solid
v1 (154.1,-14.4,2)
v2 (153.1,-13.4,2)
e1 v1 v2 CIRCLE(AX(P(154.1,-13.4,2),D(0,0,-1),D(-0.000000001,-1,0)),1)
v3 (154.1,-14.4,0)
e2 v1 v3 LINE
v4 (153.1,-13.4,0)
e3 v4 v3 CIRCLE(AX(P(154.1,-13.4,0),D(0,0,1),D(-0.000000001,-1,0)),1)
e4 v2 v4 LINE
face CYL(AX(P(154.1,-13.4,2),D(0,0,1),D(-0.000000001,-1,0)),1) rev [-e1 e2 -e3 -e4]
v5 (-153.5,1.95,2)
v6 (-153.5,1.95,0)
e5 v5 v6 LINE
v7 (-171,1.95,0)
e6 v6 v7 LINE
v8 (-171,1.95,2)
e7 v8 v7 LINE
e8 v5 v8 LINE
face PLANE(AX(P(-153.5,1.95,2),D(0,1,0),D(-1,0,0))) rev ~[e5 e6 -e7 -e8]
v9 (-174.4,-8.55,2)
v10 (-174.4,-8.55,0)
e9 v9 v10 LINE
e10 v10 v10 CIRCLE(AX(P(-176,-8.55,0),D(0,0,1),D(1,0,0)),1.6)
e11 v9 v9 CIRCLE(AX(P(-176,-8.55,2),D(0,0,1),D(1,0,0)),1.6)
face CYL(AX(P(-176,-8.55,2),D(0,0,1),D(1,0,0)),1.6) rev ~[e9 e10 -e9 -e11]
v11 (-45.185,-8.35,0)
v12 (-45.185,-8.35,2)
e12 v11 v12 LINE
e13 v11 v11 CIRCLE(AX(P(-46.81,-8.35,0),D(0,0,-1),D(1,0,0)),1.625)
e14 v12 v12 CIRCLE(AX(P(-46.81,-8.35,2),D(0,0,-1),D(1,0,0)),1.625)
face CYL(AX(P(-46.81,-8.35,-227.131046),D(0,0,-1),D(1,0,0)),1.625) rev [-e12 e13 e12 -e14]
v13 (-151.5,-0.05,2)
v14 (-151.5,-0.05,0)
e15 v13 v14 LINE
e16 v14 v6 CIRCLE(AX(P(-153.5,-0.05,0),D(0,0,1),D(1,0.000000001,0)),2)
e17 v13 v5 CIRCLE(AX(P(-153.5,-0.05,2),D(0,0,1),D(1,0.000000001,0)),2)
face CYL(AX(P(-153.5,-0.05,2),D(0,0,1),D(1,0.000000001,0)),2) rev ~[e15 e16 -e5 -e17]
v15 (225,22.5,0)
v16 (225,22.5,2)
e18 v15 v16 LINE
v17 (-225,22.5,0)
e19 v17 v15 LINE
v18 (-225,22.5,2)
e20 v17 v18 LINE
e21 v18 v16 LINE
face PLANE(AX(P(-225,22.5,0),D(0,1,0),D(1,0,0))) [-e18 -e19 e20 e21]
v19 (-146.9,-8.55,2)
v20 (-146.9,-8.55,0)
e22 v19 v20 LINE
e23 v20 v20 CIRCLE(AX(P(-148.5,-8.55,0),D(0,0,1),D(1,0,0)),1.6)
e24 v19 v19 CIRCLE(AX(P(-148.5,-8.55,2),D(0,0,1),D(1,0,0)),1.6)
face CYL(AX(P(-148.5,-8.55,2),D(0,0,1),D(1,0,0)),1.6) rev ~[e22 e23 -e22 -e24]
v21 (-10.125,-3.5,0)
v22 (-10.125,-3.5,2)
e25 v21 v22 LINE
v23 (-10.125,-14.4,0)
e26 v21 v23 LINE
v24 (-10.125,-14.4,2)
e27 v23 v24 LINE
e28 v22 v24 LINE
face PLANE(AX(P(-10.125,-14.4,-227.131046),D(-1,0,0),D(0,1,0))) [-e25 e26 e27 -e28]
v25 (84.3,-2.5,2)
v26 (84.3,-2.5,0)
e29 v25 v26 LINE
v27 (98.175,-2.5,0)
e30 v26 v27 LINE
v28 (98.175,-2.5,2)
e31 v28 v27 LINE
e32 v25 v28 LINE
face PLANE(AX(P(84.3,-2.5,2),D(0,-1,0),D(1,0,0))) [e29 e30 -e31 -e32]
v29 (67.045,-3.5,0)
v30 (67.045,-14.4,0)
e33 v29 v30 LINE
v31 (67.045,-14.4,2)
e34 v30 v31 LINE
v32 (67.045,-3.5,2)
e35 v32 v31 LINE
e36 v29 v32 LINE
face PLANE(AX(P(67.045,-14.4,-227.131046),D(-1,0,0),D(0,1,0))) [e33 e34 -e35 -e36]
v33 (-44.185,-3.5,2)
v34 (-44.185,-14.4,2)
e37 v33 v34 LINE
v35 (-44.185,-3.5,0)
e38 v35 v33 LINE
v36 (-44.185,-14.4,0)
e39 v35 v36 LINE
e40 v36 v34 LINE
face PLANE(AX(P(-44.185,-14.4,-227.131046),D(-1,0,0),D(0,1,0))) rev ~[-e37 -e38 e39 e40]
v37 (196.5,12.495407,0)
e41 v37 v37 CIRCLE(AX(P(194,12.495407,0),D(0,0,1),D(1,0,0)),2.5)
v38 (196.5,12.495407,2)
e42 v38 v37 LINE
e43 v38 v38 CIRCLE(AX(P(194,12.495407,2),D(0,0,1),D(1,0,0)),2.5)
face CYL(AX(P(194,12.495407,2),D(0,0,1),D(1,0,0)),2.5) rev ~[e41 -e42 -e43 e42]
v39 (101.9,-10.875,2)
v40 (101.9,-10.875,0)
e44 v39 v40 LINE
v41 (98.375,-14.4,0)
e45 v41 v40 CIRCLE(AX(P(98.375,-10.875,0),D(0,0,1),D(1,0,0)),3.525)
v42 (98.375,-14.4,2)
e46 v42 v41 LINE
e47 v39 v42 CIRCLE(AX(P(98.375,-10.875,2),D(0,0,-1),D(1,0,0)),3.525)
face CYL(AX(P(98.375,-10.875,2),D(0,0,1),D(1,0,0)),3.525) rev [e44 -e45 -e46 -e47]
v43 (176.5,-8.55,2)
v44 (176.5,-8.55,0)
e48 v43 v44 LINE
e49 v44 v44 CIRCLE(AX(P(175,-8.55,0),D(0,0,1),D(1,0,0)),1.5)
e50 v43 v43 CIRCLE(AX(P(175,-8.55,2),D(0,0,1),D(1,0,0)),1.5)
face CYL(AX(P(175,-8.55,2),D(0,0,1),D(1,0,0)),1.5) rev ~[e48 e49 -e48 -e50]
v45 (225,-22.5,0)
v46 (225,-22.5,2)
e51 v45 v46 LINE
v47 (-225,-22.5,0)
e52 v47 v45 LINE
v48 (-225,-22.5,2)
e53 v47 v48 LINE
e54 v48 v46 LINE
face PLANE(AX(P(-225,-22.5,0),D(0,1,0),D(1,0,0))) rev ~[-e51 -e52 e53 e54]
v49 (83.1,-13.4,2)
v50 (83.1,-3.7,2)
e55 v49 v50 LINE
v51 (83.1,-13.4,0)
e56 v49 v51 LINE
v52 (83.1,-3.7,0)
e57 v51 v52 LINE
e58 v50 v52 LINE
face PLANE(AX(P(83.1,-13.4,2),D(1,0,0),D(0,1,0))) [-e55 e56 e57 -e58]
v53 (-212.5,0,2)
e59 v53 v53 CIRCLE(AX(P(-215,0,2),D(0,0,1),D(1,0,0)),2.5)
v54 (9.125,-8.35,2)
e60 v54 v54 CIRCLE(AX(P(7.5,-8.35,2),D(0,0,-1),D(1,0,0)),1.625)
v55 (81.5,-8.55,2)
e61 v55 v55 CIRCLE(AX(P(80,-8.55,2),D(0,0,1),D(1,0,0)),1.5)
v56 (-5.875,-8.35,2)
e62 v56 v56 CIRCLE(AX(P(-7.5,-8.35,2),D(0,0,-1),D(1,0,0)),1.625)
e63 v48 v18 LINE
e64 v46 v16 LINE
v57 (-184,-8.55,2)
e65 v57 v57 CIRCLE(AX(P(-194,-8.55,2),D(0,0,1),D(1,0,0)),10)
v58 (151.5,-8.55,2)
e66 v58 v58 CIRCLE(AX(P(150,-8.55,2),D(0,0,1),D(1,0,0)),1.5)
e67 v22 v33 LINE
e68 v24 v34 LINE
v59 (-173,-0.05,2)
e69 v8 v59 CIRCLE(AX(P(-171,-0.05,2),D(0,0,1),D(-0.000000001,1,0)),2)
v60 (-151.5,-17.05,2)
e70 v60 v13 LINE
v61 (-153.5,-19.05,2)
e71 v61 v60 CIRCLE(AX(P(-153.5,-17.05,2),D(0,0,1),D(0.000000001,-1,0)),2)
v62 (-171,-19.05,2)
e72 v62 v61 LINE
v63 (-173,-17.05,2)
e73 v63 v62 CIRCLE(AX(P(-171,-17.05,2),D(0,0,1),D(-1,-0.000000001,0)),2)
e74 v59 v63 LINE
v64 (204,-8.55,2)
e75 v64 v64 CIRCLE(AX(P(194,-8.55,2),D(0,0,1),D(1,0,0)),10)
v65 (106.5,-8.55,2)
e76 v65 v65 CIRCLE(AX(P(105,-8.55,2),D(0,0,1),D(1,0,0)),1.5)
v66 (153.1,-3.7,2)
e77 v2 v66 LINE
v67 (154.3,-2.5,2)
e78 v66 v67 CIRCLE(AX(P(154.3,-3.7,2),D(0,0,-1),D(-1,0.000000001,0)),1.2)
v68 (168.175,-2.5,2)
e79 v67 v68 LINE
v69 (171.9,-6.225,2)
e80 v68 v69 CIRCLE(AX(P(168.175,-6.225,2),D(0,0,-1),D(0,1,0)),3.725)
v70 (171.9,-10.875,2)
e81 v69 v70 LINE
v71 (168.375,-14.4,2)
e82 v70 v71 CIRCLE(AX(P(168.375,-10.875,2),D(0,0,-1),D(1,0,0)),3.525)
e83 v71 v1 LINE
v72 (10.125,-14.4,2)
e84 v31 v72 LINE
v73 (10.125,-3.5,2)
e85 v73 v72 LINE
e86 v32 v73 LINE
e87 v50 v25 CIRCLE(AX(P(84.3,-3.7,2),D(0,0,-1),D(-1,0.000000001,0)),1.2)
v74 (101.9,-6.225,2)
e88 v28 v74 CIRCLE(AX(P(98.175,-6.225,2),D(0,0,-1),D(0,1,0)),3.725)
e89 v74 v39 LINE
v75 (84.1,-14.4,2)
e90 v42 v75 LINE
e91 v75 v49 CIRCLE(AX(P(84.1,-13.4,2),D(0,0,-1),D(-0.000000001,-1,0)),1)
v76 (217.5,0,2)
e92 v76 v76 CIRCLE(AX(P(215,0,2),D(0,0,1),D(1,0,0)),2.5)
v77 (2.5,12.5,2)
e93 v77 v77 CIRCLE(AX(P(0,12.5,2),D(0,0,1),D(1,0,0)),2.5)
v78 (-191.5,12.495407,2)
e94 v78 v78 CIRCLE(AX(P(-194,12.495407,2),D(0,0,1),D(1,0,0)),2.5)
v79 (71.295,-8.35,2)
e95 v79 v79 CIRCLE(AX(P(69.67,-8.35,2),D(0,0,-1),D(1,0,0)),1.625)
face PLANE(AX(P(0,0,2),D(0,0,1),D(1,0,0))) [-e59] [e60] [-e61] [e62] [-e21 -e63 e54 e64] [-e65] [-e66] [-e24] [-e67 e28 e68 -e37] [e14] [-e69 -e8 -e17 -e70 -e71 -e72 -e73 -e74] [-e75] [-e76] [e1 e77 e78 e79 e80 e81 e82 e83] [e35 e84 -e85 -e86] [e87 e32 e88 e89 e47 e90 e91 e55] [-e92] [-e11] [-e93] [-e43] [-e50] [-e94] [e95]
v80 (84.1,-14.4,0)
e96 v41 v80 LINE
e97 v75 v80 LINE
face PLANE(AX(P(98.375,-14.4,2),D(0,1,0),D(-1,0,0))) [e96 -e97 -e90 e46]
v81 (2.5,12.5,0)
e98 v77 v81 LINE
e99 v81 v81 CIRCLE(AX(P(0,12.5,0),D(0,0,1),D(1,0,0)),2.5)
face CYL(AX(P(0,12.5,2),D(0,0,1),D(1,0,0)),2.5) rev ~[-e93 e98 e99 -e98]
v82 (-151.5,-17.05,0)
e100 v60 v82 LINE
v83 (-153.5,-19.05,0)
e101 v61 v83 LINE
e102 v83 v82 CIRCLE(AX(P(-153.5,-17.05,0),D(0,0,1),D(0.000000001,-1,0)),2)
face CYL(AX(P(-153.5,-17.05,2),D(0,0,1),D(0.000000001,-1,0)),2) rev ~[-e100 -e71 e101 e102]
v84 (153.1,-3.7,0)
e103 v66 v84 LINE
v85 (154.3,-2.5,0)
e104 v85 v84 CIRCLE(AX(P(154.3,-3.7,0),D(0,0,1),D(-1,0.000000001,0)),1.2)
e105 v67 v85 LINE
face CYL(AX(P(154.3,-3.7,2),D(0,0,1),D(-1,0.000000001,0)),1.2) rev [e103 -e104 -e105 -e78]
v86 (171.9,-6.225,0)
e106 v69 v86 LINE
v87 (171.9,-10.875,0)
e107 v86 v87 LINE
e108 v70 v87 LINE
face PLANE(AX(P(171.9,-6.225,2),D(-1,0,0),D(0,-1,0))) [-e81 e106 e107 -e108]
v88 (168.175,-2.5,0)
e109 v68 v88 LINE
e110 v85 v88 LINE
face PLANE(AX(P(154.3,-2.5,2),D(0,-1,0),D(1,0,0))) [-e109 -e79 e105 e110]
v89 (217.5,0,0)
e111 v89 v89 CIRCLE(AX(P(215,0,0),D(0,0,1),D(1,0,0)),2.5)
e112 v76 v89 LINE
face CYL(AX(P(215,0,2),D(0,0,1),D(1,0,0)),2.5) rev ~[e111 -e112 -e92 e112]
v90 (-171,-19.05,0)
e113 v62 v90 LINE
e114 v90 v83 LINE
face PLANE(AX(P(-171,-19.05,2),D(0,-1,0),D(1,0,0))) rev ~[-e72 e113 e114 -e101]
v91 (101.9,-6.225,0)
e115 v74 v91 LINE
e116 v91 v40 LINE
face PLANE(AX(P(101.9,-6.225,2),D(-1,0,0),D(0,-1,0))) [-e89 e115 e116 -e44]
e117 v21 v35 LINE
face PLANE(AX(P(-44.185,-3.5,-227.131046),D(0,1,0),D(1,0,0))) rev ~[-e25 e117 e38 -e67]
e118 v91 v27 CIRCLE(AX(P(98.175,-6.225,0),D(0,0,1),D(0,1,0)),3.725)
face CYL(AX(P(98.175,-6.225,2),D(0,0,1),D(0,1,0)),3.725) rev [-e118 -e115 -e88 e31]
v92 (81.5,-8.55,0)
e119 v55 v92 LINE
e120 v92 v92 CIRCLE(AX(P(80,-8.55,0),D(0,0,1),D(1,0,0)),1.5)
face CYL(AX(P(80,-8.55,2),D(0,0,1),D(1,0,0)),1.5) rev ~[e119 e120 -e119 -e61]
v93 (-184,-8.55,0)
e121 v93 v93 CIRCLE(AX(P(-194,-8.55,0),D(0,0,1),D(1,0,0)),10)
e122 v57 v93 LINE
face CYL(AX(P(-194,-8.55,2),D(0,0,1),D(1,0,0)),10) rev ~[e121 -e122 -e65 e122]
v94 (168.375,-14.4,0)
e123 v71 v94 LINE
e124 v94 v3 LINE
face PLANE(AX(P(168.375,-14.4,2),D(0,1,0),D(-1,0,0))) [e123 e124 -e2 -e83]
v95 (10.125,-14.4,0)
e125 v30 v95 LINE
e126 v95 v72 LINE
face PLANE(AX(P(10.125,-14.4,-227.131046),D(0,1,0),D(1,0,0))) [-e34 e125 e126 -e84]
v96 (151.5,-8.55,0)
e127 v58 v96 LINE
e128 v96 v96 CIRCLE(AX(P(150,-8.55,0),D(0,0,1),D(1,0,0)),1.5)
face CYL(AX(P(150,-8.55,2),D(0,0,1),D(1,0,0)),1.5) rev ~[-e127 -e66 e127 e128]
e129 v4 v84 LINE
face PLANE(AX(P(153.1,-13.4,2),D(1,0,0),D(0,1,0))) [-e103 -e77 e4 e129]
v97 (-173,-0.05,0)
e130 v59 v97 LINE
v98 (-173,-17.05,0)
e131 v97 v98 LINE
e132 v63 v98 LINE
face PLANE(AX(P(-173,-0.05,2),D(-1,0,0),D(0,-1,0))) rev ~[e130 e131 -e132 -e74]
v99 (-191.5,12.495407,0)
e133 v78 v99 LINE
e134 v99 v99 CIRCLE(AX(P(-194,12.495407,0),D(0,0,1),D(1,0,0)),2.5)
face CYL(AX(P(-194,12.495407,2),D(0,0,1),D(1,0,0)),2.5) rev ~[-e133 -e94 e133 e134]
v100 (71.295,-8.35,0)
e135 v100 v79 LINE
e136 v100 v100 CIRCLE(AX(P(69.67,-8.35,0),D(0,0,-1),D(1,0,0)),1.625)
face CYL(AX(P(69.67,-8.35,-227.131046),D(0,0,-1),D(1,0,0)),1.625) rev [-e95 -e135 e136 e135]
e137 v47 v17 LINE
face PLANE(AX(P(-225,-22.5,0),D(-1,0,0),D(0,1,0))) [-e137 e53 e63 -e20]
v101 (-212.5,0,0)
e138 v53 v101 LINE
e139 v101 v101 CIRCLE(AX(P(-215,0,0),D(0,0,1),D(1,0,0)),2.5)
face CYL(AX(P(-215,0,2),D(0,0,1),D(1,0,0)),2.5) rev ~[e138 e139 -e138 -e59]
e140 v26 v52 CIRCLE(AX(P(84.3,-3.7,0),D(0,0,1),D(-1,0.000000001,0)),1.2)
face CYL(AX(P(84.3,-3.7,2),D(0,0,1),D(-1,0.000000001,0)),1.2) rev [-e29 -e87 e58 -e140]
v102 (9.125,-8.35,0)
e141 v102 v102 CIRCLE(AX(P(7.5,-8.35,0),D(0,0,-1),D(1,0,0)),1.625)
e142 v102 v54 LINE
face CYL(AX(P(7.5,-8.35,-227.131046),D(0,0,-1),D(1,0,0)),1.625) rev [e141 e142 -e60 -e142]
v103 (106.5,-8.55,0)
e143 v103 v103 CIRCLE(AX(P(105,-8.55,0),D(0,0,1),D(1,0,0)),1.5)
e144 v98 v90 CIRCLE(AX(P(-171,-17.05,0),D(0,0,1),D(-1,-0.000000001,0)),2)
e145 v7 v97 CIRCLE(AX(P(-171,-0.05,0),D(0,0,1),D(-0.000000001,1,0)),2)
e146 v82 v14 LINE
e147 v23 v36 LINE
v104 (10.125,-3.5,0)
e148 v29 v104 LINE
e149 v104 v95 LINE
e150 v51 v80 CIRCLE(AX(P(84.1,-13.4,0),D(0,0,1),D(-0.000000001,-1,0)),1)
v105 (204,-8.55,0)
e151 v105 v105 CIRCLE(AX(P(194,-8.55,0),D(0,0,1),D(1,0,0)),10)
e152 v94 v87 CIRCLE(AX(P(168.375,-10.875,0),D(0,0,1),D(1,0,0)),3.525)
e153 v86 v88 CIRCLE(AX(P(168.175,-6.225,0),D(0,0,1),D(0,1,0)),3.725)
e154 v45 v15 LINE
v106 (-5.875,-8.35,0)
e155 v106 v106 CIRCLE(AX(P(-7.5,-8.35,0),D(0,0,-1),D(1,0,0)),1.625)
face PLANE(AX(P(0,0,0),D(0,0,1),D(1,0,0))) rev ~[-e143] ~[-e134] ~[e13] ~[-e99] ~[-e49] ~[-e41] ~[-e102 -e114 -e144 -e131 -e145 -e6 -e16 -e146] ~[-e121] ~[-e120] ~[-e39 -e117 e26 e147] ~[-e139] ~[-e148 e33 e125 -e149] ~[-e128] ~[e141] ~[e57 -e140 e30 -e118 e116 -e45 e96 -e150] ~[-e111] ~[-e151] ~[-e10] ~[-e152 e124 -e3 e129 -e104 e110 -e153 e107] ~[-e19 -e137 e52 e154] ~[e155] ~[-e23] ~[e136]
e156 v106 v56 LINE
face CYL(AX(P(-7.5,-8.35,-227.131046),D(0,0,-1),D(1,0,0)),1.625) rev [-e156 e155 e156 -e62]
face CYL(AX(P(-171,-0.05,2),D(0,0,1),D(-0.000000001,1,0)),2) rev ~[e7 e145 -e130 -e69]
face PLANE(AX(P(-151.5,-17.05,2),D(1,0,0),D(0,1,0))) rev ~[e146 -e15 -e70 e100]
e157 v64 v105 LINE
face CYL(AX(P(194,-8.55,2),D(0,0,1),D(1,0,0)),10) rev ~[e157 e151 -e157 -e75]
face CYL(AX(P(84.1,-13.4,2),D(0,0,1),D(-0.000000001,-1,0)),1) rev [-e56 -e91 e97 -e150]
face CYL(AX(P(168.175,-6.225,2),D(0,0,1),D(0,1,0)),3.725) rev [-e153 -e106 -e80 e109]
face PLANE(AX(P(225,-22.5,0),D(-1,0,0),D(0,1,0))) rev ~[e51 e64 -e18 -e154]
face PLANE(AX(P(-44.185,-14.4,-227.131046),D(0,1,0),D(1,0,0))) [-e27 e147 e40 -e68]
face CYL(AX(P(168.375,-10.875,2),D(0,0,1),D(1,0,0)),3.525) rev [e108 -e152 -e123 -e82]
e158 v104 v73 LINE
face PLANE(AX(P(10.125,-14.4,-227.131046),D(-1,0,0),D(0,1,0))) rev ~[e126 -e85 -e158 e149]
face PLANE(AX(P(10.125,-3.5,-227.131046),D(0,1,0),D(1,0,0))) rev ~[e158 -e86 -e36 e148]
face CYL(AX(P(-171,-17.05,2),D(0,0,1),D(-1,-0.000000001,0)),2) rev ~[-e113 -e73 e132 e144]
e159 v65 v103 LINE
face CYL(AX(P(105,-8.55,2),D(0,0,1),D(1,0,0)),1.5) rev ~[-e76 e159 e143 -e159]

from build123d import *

# Parameters (mm, degrees)
SKETCH1_W                      = 450
SKETCH1_H                      = 45
BOSS_EXTRUDE1_DEPTH            = 2
TERMINAL_12P_CUTOUT_DEPTH      = 227.131046077
TERMINAL_12P_CUTOUT_DEPTH_BACK = 227.131046077
SK_TERMINAL_12P_CUTOUT_R       = 1.625
SK_TERMINAL_12P_CUTOUT_W       = 56.92
SK_TERMINAL_12P_CUTOUT_H       = 10.9
SK_TERMINAL_12P_CUTOUT_W_2     = 34.06
SKETCH2_R                      = 2.5
CUT_EXTRUDE1_DEPTH             = 227.131046077
SKETCH3_R                      = 1.5
SKETCH3_R_2                    = 10
SKETCH3_R_3                    = 1.6
CUT_EXTRUDE2_DEPTH             = 10


with BuildPart() as part:
    # Sketch1 → Boss-Extrude1 (new body)
    with BuildSketch(Plane.XY):
        Rectangle(SKETCH1_W, SKETCH1_H)
    extrude(amount=BOSS_EXTRUDE1_DEPTH)

    # SK Terminal 12P cutout → Terminal 12P cutout (cut, two sides: drawn at the far end of the back side and taken through both)
    with BuildSketch(Plane.XY.offset(-TERMINAL_12P_CUTOUT_DEPTH_BACK)):
        with Locations((7.5, -8.35)):
            Circle(SK_TERMINAL_12P_CUTOUT_R)
        with Locations((69.67, -8.35)):
            Circle(SK_TERMINAL_12P_CUTOUT_R)
        with Locations((-46.81, -8.35)):
            Circle(SK_TERMINAL_12P_CUTOUT_R)
        with Locations((-7.5, -8.35)):
            Circle(SK_TERMINAL_12P_CUTOUT_R)
        with Locations((38.585, -8.95)):
            Rectangle(SK_TERMINAL_12P_CUTOUT_W, SK_TERMINAL_12P_CUTOUT_H)
        with Locations((-27.155, -8.95)):
            Rectangle(SK_TERMINAL_12P_CUTOUT_W_2, SK_TERMINAL_12P_CUTOUT_H)
    extrude(amount=TERMINAL_12P_CUTOUT_DEPTH + TERMINAL_12P_CUTOUT_DEPTH_BACK, mode=Mode.SUBTRACT)

    # Sketch2 → Cut-Extrude1 (cut, through all)
    with BuildSketch(Plane.XY.offset(2)):
        with Locations((-215, 0)):
            Circle(SKETCH2_R)
        with Locations((215, 0)):
            Circle(SKETCH2_R)
        with Locations((-194, 12.495407459)):
            Circle(SKETCH2_R)
        with Locations((194, 12.495407459)):
            Circle(SKETCH2_R)
        with Locations((0, 12.5)):
            Circle(SKETCH2_R)
    extrude(amount=-CUT_EXTRUDE1_DEPTH, mode=Mode.SUBTRACT)

    # Sketch3 → Cut-Extrude2 (cut)
    with BuildSketch(Plane.XY.offset(2)):
        with Locations((150, -8.55)):
            Circle(SKETCH3_R)
        with Locations((175, -8.55)):
            Circle(SKETCH3_R)
        with Locations((80, -8.55)):
            Circle(SKETCH3_R)
        with Locations((105, -8.55)):
            Circle(SKETCH3_R)
        with Locations((194, -8.55)):
            Circle(SKETCH3_R_2)
        with Locations((-194, -8.55)):
            Circle(SKETCH3_R_2)
        with Locations((-176, -8.55)):
            Circle(SKETCH3_R_3)
        with Locations((-148.5, -8.55)):
            Circle(SKETCH3_R_3)
        with BuildLine():
            Line((168.375, -14.4), (154.1, -14.4))
            ThreePointArc((154.1, -14.4), (153.392893219, -14.107106781), (153.1, -13.4))
            Line((153.1, -13.4), (153.1, -3.7))
            ThreePointArc((153.1, -3.7), (153.451471863, -2.851471863), (154.3, -2.5))
            Line((154.3, -2.5), (168.175, -2.5))
            ThreePointArc((168.175, -2.5), (170.80897276, -3.59102724), (171.9, -6.225))
            Line((171.9, -6.225), (171.9, -10.875))
            ThreePointArc((171.9, -10.875), (170.867551404, -13.367551404), (168.375, -14.4))
        make_face()
        with BuildLine():
            Line((98.375, -14.4), (84.1, -14.4))
            ThreePointArc((84.1, -14.4), (83.392893219, -14.107106781), (83.1, -13.4))
            Line((83.1, -13.4), (83.1, -3.7))
            ThreePointArc((83.1, -3.7), (83.451471863, -2.851471863), (84.3, -2.5))
            Line((84.3, -2.5), (98.175, -2.5))
            ThreePointArc((98.175, -2.5), (100.80897276, -3.59102724), (101.9, -6.225))
            Line((101.9, -6.225), (101.9, -10.875))
            ThreePointArc((101.9, -10.875), (100.867551404, -13.367551404), (98.375, -14.4))
        make_face()
        with BuildLine():
            Line((-171, -19.05), (-153.5, -19.05))
            ThreePointArc((-153.5, -19.05), (-152.085786438, -18.464213562), (-151.5, -17.05))
            Line((-151.5, -17.05), (-151.5, -0.05))
            ThreePointArc((-151.5, -0.05), (-152.085786438, 1.364213562), (-153.5, 1.95))
            Line((-153.5, 1.95), (-171, 1.95))
            ThreePointArc((-171, 1.95), (-172.414213562, 1.364213562), (-173, -0.05))
            Line((-173, -0.05), (-173, -17.05))
            ThreePointArc((-173, -17.05), (-172.414213562, -18.464213562), (-171, -19.05))
        make_face()
    extrude(amount=-CUT_EXTRUDE2_DEPTH, mode=Mode.SUBTRACT)


solid = part.part
